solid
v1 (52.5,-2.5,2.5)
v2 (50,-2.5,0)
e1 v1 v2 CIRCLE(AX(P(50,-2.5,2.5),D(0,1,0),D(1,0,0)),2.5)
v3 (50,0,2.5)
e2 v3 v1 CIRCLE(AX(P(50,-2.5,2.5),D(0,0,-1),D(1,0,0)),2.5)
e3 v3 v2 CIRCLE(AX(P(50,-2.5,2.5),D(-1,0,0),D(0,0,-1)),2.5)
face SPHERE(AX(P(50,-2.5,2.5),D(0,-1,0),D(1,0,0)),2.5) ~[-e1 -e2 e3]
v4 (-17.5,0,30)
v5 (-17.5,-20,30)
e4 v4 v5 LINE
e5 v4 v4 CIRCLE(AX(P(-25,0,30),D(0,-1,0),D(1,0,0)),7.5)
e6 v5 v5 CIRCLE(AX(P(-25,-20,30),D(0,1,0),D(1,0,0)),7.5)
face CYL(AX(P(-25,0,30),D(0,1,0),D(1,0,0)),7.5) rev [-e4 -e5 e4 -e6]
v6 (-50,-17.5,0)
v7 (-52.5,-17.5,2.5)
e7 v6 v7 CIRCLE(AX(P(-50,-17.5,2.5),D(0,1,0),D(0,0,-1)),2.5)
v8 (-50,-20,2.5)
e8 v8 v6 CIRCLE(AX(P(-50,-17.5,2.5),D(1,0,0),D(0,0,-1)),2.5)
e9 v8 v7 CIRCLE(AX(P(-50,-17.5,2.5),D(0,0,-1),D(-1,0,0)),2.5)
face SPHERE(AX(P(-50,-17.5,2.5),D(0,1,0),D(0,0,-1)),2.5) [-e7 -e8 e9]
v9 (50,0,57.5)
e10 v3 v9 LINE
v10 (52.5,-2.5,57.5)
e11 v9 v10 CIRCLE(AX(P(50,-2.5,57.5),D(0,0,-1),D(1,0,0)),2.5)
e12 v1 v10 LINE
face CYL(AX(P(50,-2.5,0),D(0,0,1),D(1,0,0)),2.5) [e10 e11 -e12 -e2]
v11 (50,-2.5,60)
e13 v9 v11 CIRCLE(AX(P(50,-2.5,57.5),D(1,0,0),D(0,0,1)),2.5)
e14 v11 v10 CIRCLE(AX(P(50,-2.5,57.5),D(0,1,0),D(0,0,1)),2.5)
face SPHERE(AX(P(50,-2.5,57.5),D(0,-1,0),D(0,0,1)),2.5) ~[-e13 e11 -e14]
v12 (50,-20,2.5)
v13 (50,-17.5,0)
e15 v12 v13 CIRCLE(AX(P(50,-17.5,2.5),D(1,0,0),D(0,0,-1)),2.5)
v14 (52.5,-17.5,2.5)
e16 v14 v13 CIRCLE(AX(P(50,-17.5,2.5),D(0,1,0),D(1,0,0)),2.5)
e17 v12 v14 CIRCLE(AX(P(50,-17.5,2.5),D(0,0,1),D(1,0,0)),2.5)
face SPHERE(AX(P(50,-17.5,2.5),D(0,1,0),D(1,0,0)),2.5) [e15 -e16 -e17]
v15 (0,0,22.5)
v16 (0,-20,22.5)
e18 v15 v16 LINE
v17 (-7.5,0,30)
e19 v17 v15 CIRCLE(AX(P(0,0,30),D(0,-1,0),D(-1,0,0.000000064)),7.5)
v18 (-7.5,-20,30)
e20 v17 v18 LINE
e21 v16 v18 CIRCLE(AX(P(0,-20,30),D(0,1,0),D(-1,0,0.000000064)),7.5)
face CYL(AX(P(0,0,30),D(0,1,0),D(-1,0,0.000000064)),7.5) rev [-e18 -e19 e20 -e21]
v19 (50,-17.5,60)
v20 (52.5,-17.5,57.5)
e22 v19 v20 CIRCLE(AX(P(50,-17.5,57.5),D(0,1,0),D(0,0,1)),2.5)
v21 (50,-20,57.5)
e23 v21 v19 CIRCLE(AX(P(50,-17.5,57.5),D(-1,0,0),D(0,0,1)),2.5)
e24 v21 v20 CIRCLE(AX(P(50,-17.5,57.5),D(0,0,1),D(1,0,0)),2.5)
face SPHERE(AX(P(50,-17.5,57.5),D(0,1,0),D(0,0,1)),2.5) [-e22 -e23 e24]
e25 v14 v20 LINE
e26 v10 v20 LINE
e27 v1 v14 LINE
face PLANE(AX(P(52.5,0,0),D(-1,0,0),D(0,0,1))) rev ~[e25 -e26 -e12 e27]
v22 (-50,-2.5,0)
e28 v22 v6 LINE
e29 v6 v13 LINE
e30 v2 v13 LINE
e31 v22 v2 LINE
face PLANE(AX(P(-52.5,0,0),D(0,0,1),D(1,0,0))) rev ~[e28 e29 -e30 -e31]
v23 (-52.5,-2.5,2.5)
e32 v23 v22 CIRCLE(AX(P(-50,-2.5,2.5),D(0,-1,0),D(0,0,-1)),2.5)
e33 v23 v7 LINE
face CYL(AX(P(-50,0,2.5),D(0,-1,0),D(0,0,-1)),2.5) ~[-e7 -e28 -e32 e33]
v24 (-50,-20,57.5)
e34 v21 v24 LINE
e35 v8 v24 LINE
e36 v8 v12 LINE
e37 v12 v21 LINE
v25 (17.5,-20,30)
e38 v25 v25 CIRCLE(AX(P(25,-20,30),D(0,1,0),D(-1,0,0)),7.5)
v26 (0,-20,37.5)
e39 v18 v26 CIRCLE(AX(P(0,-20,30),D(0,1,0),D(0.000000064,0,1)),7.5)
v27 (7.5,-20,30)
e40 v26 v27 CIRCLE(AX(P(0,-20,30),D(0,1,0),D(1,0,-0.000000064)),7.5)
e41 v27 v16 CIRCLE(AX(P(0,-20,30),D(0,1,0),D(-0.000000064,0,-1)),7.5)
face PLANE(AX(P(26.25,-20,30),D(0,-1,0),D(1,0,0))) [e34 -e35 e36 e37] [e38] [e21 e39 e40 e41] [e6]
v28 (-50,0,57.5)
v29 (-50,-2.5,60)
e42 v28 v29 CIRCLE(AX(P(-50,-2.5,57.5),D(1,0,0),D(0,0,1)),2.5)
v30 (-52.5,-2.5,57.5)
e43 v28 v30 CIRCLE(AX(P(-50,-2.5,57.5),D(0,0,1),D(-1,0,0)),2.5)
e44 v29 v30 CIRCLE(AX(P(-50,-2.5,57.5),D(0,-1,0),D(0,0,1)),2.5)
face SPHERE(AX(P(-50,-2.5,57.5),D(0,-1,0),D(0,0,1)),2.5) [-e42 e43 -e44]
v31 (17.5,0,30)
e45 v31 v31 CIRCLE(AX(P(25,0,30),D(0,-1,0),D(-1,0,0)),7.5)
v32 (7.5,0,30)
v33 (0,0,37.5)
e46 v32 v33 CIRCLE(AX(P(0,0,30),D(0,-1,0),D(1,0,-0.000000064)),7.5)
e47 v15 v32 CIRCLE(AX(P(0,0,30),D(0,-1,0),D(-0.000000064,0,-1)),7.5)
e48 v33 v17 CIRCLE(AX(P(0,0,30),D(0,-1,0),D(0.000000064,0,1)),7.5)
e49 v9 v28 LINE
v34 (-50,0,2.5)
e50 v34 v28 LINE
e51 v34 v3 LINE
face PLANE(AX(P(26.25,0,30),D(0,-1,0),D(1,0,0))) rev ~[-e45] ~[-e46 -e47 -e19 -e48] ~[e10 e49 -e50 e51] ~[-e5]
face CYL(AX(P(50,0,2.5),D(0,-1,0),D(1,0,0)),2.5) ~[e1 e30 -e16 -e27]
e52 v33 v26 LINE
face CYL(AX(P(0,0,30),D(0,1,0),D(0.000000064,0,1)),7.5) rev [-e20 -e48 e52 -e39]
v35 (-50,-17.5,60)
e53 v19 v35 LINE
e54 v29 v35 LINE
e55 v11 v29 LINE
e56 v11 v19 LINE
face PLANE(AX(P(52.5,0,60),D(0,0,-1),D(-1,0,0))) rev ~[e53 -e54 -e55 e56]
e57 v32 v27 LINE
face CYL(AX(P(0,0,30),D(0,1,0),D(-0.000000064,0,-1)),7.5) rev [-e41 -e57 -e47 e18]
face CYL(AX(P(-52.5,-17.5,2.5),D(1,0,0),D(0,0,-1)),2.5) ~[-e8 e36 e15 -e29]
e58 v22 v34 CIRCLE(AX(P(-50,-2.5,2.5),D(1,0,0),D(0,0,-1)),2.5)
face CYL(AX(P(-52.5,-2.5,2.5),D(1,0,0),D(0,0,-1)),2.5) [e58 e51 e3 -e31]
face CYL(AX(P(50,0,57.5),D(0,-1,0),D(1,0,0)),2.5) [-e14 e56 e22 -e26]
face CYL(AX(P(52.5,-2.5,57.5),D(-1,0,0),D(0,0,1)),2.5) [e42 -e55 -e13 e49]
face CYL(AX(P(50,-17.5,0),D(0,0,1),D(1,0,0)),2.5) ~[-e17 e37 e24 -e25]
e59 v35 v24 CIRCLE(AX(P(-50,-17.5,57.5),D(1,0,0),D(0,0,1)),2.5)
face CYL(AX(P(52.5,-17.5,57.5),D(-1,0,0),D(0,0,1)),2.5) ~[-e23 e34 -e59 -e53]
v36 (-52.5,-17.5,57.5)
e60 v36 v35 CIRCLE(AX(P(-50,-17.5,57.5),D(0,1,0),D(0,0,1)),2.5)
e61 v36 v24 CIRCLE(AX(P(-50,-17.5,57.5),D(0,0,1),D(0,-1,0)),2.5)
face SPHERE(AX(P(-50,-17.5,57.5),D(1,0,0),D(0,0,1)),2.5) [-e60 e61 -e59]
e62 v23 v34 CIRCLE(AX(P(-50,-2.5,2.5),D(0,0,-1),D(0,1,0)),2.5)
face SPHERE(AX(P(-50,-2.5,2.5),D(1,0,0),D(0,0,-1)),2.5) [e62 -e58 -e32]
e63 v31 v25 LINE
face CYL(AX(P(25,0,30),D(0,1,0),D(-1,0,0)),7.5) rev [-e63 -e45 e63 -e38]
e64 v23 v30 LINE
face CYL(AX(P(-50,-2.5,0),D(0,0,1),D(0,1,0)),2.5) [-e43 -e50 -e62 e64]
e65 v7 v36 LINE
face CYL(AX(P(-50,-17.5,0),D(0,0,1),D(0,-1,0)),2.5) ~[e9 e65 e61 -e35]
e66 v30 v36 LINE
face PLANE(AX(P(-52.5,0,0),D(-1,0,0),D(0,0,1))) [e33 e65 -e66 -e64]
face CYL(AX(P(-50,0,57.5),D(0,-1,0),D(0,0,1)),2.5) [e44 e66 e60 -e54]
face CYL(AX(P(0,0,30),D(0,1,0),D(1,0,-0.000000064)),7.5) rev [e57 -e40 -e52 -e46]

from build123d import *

# Parameters (mm, degrees)
F0_W     = 52.5
F0_H     = 60
F1_DEPTH = 20
F3_DEPTH = 25
F4_R     = 2.5


with BuildPart() as f1:
    # F0 (on Front) → F1 (new body)
    with BuildSketch(Plane.XZ):
        with Locations((26.25, 30)):
            Rectangle(F0_W, F0_H)
        with Locations((-26.25, 30)):
            Rectangle(F0_W, F0_H)
    extrude(amount=F1_DEPTH)

    # F2 (on Front) → F3 (cut)
    with BuildSketch(Plane.XZ):
        with BuildLine():
            ThreePointArc((7.5, 30), (5.303301, 35.303301), (0, 37.5))
            Line((0, 37.5), (0, 30))
            Line((0, 30), (7.5, 30))
        make_face()
        with BuildLine():
            ThreePointArc((32.5, 30), (25, 37.5), (17.5, 30))
            Line((17.5, 30), (25, 30))
            Line((25, 30), (32.5, 30))
        make_face()
        with BuildLine():
            Line((25, 30), (17.5, 30))
            ThreePointArc((17.5, 30), (25, 22.5), (32.5, 30))
            Line((32.5, 30), (25, 30))
        make_face()
        with BuildLine():
            ThreePointArc((-32.5, 30), (-25, 22.5), (-17.5, 30))
            Line((-17.5, 30), (-25, 30))
            Line((-25, 30), (-32.5, 30))
        make_face()
        with BuildLine():
            Line((-25, 30), (-17.5, 30))
            ThreePointArc((-17.5, 30), (-25, 37.5), (-32.5, 30))
            Line((-32.5, 30), (-25, 30))
        make_face()
        with BuildLine():
            Line((0, 30), (0, 37.5))
            ThreePointArc((0, 37.5), (-5.303301, 35.303301), (-7.5, 30))
            Line((-7.5, 30), (0, 30))
        make_face()
        with BuildLine():
            Line((7.5, 30), (0, 30))
            Line((0, 30), (0, 22.5))
            ThreePointArc((0, 22.5), (5.303301, 24.696699), (7.5, 30))
        make_face()
        with BuildLine():
            Line((0, 22.5), (0, 30))
            Line((0, 30), (-7.5, 30))
            ThreePointArc((-7.5, 30), (-5.303301, 24.696699), (0, 22.5))
        make_face()
    extrude(amount=F3_DEPTH, mode=Mode.SUBTRACT)

    # F4
    f4_edges = [f1.edges().sort_by_distance(p)[0] for p in [
        (52.5, -10, 60),
        (0, -20, 60),
        (-52.5, -10, 60),
        (0, 0, 60),
        (52.5, -10, 0),
        (52.5, 0, 30),
        (52.5, -20, 30),
        (0, 0, 0),
        (-52.5, -10, 0),
        (0, -20, 0),
        (-52.5, 0, 30),
        (-52.5, -20, 30),
    ]]
    fillet(f4_edges, radius=F4_R)


solid = f1.part
